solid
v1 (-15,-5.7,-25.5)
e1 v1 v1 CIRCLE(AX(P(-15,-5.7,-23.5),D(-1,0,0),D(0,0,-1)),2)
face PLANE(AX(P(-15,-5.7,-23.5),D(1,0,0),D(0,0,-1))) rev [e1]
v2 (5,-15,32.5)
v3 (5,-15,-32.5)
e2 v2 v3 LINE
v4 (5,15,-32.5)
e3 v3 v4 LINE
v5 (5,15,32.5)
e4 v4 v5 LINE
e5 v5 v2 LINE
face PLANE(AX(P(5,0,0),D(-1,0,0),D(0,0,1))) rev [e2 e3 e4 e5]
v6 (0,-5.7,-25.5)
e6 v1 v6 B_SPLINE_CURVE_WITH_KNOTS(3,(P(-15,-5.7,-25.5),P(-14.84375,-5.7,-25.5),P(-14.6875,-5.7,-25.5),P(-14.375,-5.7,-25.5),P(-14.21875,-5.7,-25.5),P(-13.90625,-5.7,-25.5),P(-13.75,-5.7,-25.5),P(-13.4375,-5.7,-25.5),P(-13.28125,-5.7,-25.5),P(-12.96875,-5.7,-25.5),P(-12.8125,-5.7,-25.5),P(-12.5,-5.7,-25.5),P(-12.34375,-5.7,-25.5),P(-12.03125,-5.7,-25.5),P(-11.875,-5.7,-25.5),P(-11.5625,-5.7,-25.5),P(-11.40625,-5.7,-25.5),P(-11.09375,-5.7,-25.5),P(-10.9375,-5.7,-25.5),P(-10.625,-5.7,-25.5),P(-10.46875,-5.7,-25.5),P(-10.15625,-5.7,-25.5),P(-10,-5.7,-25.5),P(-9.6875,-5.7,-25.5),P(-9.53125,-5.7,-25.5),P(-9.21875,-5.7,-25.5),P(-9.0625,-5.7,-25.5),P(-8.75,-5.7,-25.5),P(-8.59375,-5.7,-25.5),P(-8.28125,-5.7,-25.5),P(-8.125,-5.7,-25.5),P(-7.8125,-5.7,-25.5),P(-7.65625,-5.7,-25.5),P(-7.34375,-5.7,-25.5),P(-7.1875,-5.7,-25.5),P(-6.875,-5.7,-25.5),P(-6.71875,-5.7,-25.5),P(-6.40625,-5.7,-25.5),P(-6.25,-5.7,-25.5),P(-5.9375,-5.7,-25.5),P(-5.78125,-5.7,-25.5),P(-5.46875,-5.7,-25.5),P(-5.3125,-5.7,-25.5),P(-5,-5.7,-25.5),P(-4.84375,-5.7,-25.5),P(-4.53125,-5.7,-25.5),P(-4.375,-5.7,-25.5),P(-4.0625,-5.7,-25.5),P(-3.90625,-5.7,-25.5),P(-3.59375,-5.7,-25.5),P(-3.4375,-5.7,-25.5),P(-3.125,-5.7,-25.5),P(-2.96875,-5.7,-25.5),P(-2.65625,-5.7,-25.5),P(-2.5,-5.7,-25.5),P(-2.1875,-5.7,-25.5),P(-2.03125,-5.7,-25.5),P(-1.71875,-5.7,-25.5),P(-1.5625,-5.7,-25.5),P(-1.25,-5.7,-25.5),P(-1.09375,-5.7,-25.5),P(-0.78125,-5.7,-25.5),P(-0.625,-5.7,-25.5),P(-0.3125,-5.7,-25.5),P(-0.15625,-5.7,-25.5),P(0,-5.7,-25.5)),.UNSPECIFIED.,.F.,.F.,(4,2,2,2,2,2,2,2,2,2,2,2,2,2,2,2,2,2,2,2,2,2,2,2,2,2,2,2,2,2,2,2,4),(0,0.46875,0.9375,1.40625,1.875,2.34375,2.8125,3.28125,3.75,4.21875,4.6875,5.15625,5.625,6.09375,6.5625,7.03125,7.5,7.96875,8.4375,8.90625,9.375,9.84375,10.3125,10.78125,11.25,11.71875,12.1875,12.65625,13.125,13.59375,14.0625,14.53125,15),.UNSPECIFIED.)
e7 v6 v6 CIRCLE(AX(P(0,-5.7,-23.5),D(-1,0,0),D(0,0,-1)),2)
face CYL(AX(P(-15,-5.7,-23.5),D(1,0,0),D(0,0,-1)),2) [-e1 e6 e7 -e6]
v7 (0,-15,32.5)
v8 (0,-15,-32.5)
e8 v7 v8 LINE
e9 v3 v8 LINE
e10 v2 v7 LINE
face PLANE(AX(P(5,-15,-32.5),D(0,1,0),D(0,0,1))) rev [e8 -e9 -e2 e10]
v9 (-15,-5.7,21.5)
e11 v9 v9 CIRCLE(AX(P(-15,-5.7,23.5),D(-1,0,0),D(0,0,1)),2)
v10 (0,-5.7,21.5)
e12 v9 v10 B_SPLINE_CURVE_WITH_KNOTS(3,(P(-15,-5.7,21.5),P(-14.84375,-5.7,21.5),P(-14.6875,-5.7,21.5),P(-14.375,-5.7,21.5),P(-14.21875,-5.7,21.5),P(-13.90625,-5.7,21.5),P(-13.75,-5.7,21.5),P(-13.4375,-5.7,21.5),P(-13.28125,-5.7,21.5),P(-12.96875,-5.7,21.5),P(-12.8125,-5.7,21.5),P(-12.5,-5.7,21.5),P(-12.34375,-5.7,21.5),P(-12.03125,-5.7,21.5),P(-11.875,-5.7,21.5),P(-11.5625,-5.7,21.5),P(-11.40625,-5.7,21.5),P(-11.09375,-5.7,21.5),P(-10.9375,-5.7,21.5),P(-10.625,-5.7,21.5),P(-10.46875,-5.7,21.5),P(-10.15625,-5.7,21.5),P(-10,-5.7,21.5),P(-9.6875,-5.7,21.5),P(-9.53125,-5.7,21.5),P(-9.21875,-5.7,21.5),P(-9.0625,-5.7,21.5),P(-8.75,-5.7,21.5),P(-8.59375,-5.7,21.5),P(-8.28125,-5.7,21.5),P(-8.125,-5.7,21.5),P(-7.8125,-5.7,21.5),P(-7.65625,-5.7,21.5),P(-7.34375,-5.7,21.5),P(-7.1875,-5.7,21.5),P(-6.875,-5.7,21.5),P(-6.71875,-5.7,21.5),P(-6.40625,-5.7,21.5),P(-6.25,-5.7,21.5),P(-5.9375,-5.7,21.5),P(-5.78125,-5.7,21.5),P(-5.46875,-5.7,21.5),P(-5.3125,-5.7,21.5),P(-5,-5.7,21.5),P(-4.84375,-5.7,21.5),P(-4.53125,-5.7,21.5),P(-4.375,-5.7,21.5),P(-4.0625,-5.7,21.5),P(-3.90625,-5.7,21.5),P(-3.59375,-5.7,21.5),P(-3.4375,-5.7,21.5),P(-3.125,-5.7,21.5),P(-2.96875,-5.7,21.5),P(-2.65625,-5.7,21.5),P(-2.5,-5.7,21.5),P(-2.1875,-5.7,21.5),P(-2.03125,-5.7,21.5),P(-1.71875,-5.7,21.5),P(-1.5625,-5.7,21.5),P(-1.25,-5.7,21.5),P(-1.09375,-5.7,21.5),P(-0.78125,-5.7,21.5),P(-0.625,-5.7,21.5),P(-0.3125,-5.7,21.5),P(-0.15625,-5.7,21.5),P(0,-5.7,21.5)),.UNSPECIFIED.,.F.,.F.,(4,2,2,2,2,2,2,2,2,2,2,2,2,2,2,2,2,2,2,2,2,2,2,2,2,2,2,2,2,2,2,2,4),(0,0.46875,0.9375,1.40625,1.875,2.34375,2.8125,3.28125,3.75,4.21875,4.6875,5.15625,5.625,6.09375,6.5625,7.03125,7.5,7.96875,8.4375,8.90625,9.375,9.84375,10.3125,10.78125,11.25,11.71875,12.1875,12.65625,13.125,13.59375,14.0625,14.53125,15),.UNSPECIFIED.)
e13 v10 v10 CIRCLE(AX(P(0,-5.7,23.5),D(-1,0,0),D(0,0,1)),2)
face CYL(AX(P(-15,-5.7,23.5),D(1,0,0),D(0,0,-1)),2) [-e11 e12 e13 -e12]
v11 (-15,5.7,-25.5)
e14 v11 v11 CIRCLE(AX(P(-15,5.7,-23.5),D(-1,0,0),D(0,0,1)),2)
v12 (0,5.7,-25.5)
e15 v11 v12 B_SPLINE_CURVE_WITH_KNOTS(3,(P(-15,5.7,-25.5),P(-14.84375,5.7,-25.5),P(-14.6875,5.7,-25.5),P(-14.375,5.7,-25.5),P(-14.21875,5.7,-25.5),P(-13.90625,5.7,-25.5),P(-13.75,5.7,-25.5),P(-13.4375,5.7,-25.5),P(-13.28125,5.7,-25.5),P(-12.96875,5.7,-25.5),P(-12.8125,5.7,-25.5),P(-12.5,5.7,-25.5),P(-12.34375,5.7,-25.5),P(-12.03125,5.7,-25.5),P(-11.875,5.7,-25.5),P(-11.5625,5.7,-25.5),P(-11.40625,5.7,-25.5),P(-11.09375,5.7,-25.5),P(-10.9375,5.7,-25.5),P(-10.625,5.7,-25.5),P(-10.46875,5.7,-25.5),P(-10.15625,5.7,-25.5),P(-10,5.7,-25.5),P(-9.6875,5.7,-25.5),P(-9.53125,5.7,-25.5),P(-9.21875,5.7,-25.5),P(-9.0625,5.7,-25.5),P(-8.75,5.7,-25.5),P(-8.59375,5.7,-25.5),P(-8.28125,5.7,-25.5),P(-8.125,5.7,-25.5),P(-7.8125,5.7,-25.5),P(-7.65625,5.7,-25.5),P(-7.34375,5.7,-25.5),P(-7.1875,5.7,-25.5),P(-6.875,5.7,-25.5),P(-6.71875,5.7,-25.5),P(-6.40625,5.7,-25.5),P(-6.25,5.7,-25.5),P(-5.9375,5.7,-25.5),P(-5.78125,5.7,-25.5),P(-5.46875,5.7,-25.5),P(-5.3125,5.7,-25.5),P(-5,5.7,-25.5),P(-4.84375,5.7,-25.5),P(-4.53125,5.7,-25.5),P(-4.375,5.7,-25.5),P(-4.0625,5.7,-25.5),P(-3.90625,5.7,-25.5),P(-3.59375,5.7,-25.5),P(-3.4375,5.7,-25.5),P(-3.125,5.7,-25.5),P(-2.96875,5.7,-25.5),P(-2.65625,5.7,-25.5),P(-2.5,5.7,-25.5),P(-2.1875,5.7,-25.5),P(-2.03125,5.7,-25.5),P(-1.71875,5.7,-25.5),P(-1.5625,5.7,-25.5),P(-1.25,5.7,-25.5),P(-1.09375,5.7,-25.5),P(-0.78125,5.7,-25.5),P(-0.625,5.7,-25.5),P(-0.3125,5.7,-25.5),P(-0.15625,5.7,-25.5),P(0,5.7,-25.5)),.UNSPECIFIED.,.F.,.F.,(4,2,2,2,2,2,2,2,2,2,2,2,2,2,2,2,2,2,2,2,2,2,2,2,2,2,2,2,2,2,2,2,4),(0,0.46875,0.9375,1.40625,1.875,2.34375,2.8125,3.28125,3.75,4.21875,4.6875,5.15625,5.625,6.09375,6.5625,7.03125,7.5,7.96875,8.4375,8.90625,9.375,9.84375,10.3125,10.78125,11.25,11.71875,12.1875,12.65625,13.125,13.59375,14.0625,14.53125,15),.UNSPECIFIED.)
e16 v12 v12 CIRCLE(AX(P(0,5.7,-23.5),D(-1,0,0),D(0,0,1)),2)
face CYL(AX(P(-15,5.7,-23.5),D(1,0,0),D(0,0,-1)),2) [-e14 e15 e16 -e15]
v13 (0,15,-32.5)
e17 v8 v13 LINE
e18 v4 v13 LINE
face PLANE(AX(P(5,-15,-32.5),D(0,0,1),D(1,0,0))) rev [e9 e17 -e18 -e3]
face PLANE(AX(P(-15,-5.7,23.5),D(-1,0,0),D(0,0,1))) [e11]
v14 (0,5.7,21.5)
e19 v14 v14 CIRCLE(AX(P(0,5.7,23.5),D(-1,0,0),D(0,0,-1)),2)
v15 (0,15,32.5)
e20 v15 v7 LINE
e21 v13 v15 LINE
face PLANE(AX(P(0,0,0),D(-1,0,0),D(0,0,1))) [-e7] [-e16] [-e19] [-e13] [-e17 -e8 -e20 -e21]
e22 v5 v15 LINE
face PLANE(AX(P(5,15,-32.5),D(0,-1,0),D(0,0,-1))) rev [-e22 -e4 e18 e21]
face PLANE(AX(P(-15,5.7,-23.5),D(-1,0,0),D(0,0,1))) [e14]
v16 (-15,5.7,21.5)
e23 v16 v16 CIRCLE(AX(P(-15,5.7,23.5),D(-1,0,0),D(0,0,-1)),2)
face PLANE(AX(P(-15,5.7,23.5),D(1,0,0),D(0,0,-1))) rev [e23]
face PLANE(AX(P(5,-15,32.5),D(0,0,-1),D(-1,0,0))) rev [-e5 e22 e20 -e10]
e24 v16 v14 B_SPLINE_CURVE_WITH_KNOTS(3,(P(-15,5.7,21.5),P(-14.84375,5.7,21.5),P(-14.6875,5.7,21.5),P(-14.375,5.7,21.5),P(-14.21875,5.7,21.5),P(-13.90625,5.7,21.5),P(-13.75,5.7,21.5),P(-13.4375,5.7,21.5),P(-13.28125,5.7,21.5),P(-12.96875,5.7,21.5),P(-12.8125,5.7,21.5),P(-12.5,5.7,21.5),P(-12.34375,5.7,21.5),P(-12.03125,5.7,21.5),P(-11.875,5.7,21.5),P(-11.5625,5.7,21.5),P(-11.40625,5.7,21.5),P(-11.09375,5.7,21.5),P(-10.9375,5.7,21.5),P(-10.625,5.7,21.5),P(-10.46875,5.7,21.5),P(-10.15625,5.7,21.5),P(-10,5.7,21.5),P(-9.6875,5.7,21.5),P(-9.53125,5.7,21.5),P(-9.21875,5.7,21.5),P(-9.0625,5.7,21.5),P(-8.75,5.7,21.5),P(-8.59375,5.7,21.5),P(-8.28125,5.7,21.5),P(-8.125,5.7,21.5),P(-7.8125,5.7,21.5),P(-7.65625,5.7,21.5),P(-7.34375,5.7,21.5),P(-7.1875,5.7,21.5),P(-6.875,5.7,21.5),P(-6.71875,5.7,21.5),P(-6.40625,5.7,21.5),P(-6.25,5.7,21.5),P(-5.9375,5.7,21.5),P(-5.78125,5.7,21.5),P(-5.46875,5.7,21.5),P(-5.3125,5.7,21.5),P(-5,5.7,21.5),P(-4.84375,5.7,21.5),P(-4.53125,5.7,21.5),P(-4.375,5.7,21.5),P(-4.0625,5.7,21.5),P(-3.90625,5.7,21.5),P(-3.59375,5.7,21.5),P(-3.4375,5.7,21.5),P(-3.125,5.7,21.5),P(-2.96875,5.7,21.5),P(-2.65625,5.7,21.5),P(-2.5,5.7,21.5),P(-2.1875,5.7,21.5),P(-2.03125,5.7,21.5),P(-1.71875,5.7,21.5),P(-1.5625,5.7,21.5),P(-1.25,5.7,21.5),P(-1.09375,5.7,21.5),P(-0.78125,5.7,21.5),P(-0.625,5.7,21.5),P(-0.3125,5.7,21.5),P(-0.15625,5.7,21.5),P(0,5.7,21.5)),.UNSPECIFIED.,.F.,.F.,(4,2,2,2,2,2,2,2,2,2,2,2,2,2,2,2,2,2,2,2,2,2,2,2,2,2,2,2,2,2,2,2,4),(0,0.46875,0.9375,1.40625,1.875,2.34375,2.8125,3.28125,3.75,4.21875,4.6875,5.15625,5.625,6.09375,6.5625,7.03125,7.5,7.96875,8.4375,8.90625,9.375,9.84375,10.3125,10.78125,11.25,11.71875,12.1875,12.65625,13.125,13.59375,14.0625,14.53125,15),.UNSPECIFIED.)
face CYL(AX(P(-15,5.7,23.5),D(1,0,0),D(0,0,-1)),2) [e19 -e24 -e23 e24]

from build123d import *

# Parameters (mm, degrees)
SKETCH3_W           = 30
SKETCH3_H           = 65
BOSS_EXTRUDE1_DEPTH = 5
SKETCH4_R           = 2
BOSS_EXTRUDE2_DEPTH = 15


with BuildPart() as part:
    # Sketch3 → Boss-Extrude1 (new body)
    with BuildSketch(Plane.YZ):
        Rectangle(SKETCH3_W, SKETCH3_H)
    extrude(amount=BOSS_EXTRUDE1_DEPTH)

    # Sketch4 → Boss-Extrude2 (add)
    with BuildSketch(Plane(origin=(0, 0, 0), x_dir=(0, -1, 0), z_dir=(-1, 0, 0))):
        with Locations(Location((-5.7, -23.5, 0), (0, 0, 270))):
            Circle(SKETCH4_R)
        with Locations(Location((-5.7, 23.5, 0), (0, 0, 270))):
            Circle(SKETCH4_R)
        with Locations(Location((5.7, -23.5, 0), (0, 0, 270))):
            Circle(SKETCH4_R)
        with Locations(Location((5.7, 23.5, 0), (0, 0, 270))):
            Circle(SKETCH4_R)
    extrude(amount=BOSS_EXTRUDE2_DEPTH)


solid = part.part
